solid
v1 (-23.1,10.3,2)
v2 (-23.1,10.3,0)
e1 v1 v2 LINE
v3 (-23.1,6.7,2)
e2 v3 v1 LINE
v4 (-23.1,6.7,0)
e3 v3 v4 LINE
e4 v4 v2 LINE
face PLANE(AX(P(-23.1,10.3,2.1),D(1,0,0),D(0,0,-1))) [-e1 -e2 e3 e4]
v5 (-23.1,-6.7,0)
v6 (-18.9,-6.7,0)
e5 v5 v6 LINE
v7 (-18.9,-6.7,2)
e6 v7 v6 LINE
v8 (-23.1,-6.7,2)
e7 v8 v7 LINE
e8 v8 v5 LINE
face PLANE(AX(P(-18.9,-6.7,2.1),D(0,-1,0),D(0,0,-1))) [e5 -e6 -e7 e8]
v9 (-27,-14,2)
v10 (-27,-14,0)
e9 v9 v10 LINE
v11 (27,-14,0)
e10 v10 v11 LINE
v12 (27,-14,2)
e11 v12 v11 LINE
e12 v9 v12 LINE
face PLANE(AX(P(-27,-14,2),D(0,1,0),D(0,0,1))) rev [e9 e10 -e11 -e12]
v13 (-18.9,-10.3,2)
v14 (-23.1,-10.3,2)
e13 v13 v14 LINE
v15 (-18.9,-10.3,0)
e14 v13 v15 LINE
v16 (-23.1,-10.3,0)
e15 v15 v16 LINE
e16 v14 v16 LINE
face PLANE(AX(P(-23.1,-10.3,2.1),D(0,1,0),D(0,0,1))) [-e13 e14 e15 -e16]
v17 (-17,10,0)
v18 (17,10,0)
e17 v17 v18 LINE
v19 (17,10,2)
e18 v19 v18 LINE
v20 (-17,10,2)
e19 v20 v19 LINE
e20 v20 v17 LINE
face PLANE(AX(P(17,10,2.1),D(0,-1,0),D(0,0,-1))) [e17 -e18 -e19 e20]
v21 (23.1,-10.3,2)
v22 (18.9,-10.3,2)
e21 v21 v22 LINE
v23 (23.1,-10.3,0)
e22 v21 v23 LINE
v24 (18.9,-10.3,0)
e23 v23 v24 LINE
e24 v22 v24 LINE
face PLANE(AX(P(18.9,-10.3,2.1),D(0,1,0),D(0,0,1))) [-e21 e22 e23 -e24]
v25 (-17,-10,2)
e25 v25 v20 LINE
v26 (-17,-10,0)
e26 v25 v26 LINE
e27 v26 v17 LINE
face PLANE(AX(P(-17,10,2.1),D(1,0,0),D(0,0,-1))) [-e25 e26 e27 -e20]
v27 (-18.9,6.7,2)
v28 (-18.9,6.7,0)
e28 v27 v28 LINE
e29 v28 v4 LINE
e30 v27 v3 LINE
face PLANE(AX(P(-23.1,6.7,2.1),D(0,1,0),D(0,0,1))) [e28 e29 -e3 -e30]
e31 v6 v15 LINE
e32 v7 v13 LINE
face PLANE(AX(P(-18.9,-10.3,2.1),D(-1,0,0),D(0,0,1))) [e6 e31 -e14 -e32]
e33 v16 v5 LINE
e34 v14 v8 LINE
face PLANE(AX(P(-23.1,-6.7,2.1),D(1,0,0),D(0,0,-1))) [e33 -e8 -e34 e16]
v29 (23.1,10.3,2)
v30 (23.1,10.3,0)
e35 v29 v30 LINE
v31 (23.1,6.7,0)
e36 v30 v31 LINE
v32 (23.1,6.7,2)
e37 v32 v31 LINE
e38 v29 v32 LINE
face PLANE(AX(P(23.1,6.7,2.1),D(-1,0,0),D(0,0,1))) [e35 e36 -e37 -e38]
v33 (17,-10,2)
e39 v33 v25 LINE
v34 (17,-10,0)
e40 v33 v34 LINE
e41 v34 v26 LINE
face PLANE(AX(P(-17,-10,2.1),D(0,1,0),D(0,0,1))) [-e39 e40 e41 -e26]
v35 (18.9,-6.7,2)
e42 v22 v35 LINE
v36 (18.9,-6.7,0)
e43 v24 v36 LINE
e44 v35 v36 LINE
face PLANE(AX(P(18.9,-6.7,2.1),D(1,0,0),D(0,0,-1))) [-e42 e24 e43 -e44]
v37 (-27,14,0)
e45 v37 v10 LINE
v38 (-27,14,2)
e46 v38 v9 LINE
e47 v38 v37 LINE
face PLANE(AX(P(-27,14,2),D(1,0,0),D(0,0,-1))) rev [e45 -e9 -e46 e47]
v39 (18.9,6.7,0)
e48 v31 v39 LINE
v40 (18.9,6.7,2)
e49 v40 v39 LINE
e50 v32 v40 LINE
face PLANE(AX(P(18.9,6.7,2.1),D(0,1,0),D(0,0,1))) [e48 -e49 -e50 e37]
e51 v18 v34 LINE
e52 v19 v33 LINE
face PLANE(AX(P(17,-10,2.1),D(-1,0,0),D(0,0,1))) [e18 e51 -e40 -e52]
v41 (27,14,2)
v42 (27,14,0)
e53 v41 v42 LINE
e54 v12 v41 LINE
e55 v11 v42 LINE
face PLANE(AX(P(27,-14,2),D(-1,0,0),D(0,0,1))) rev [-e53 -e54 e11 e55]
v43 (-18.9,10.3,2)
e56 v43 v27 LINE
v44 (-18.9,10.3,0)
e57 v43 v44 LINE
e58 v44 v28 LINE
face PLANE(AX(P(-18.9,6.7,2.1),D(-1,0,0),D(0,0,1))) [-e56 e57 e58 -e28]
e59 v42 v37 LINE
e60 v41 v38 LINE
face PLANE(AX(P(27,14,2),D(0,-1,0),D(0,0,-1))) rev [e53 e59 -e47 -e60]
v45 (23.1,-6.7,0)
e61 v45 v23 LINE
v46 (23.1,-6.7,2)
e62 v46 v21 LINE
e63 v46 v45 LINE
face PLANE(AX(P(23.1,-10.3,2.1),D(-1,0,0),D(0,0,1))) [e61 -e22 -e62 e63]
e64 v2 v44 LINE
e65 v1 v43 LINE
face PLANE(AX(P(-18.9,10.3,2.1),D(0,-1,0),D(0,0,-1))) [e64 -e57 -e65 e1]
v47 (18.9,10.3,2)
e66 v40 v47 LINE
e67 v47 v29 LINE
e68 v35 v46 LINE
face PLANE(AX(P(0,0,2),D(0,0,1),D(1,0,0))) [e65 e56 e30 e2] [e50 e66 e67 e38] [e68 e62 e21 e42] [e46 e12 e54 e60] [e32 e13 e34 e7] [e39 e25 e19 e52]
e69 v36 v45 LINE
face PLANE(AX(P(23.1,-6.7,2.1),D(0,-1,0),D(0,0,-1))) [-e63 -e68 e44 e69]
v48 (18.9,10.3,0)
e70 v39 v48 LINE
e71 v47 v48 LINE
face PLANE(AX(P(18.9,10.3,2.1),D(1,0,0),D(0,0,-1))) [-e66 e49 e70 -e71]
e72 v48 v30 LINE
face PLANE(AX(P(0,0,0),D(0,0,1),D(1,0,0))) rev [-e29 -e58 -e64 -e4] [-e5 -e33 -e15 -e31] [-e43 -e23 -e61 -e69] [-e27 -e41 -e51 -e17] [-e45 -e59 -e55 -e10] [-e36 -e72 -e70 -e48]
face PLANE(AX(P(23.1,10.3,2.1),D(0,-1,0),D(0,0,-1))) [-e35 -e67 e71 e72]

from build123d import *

# Parameters (mm, degrees)
SKETCH_1_W                               = 54
SKETCH_1_H                               = 28
GAUGE_PLATE_2MM_DEPTH                    = 2
OPEN_WINDOW_START                        = -0.1
SKETCH_2_W                               = 34
SKETCH_2_H                               = 20
OPEN_WINDOW_DEPTH                        = 2.2
SAME_SLOTS_AS_SENSOR_BRACKET_42X17_START = -0.1
SKETCH_3_W                               = 4.2
SKETCH_3_H                               = 3.6
SAME_SLOTS_AS_SENSOR_BRACKET_42X17_DEPTH = 2.2


with BuildPart() as part:
    # 草图1 → Gauge_plate_2mm (new body)
    with BuildSketch(Plane.XY):
        Rectangle(SKETCH_1_W, SKETCH_1_H)
    extrude(amount=GAUGE_PLATE_2MM_DEPTH)

    # 草图2 → Open_window (cut)
    with BuildSketch(Plane.XY.offset(OPEN_WINDOW_START)):
        Rectangle(SKETCH_2_W, SKETCH_2_H)
    extrude(amount=OPEN_WINDOW_DEPTH, mode=Mode.SUBTRACT)

    # 草图3 → Same_slots_as_sensor_bracket_42x17 (cut)
    with BuildSketch(Plane.XY.offset(SAME_SLOTS_AS_SENSOR_BRACKET_42X17_START)):
        with Locations((-21, -8.5)):
            Rectangle(SKETCH_3_W, SKETCH_3_H)
        with Locations((-21, 8.5)):
            Rectangle(SKETCH_3_W, SKETCH_3_H)
        with Locations((21, -8.5)):
            Rectangle(SKETCH_3_W, SKETCH_3_H)
        with Locations((21, 8.5)):
            Rectangle(SKETCH_3_W, SKETCH_3_H)
    extrude(amount=SAME_SLOTS_AS_SENSOR_BRACKET_42X17_DEPTH, mode=Mode.SUBTRACT)


solid = part.part
